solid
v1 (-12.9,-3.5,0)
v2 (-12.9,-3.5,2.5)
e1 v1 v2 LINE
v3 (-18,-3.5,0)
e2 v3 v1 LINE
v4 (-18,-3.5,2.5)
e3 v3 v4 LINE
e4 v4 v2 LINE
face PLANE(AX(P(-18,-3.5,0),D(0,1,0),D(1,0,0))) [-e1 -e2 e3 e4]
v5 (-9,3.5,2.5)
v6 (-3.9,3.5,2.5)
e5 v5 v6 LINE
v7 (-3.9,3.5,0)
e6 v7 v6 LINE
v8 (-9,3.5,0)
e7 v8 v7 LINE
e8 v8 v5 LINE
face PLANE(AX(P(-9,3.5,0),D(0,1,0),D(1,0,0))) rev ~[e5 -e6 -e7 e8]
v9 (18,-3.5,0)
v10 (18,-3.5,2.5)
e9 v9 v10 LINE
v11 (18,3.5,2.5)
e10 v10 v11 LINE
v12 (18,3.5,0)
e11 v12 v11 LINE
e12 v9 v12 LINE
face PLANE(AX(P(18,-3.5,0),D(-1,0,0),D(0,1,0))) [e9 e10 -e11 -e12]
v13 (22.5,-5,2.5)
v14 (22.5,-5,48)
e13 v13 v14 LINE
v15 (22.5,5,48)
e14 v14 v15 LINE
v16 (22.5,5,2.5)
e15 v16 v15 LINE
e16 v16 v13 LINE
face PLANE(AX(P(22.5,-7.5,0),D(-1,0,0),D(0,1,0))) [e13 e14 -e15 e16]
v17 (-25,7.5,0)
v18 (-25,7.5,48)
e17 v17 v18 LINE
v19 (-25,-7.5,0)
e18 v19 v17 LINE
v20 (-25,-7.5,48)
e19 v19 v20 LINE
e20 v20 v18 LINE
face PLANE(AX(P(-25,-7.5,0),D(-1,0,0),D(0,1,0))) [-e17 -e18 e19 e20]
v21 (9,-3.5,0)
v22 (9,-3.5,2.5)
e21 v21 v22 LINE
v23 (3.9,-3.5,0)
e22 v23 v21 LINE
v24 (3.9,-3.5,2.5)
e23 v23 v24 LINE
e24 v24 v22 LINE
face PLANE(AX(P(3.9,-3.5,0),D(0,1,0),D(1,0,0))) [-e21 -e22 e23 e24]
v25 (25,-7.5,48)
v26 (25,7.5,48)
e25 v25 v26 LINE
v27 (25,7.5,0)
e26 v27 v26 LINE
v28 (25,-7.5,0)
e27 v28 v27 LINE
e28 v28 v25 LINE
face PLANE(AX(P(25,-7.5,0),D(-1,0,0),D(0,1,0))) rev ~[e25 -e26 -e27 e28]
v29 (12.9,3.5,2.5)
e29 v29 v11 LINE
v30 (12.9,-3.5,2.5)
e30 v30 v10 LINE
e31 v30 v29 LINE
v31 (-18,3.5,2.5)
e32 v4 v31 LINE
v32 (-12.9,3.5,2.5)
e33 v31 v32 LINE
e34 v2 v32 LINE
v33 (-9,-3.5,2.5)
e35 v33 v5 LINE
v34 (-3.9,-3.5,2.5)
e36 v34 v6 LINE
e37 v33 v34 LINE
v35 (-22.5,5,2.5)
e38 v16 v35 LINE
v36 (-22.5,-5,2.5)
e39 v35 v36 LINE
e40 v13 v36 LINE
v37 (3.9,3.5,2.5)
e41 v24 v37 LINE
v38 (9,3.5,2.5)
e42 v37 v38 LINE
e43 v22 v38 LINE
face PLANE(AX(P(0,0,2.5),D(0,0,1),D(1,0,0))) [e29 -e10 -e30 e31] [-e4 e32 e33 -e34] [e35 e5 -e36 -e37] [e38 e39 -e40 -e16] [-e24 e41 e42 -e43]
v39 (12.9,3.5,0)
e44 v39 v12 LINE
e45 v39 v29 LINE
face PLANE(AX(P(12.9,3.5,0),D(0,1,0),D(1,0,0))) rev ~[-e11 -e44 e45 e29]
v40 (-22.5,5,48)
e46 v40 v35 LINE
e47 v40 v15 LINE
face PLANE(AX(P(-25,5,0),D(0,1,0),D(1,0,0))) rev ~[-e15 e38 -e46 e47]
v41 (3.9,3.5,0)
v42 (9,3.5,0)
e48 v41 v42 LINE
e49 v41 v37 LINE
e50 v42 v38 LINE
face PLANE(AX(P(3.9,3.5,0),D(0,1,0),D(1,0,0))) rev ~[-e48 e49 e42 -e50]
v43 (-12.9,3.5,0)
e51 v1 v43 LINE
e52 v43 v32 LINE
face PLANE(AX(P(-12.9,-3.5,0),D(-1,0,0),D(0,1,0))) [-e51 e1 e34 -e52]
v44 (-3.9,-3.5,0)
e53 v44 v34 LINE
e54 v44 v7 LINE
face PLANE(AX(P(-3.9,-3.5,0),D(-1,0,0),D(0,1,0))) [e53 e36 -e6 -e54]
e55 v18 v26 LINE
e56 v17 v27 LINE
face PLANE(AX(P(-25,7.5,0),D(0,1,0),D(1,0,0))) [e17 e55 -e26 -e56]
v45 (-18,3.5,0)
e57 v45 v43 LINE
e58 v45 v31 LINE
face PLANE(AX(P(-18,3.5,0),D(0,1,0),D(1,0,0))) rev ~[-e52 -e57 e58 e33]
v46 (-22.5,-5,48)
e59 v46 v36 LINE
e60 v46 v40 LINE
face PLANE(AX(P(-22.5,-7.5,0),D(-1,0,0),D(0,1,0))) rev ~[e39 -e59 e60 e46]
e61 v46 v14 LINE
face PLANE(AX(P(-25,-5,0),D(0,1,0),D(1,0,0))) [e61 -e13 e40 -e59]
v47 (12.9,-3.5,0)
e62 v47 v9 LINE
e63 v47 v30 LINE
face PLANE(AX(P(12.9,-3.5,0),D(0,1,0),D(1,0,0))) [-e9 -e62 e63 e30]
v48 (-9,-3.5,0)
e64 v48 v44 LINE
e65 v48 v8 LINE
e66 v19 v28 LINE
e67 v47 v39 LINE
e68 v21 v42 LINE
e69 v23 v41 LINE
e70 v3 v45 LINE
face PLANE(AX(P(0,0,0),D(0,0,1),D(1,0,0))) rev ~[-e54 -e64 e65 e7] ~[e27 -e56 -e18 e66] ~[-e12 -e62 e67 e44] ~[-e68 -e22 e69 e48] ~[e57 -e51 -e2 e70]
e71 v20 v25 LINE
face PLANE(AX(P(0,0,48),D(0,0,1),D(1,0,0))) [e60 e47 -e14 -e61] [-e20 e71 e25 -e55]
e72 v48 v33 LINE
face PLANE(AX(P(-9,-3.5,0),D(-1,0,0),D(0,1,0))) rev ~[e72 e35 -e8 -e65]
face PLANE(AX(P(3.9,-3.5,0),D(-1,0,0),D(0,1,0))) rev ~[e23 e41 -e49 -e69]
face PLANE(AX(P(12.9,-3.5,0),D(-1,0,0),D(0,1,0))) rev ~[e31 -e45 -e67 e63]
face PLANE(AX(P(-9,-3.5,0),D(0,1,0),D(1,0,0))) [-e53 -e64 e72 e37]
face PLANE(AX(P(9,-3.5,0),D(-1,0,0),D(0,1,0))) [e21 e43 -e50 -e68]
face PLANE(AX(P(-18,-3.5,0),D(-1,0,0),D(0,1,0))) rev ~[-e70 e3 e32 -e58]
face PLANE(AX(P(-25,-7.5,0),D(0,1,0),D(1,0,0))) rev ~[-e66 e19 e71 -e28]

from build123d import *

# Parameters (mm, degrees)
F0_W     = 50
F0_H     = 15
F0_W_2   = 5.1
F0_H_2   = 7
F1_DEPTH = 48
F2_T     = -2.5


with BuildPart() as f1:
    # F0 (on Top) → F1 (new body)
    with BuildSketch(Plane.XY):
        Rectangle(F0_W, F0_H)
        with Locations((-15.45, 0)):
            Rectangle(F0_W_2, F0_H_2, mode=Mode.SUBTRACT)
        with Locations((-6.45, 0)):
            Rectangle(F0_W_2, F0_H_2, mode=Mode.SUBTRACT)
        with Locations((6.45, 0)):
            Rectangle(F0_W_2, F0_H_2, mode=Mode.SUBTRACT)
        with Locations((15.45, 0)):
            Rectangle(F0_W_2, F0_H_2, mode=Mode.SUBTRACT)
    extrude(amount=F1_DEPTH)

    # F2
    f2_openings = [f1.faces().sort_by_distance(p)[0] for p in [
        (0, 0, 48),
        (-9, 0, 24),
        (-3.9, 0, 24),
        (-6.45, -3.5, 24),
        (-15.45, -3.5, 24),
        (6.45, -3.5, 24),
        (15.45, -3.5, 24),
        (12.9, 0, 24),
        (3.9, 0, 24),
        (-18, 0, 24),
        (-15.45, 3.5, 24),
        (-6.45, 3.5, 24),
        (6.45, 3.5, 24),
        (15.45, 3.5, 24),
        (18, 0, 24),
        (9, 0, 24),
        (-12.9, 0, 24),
    ]]
    offset(amount=F2_T, openings=f2_openings)


solid = f1.part
